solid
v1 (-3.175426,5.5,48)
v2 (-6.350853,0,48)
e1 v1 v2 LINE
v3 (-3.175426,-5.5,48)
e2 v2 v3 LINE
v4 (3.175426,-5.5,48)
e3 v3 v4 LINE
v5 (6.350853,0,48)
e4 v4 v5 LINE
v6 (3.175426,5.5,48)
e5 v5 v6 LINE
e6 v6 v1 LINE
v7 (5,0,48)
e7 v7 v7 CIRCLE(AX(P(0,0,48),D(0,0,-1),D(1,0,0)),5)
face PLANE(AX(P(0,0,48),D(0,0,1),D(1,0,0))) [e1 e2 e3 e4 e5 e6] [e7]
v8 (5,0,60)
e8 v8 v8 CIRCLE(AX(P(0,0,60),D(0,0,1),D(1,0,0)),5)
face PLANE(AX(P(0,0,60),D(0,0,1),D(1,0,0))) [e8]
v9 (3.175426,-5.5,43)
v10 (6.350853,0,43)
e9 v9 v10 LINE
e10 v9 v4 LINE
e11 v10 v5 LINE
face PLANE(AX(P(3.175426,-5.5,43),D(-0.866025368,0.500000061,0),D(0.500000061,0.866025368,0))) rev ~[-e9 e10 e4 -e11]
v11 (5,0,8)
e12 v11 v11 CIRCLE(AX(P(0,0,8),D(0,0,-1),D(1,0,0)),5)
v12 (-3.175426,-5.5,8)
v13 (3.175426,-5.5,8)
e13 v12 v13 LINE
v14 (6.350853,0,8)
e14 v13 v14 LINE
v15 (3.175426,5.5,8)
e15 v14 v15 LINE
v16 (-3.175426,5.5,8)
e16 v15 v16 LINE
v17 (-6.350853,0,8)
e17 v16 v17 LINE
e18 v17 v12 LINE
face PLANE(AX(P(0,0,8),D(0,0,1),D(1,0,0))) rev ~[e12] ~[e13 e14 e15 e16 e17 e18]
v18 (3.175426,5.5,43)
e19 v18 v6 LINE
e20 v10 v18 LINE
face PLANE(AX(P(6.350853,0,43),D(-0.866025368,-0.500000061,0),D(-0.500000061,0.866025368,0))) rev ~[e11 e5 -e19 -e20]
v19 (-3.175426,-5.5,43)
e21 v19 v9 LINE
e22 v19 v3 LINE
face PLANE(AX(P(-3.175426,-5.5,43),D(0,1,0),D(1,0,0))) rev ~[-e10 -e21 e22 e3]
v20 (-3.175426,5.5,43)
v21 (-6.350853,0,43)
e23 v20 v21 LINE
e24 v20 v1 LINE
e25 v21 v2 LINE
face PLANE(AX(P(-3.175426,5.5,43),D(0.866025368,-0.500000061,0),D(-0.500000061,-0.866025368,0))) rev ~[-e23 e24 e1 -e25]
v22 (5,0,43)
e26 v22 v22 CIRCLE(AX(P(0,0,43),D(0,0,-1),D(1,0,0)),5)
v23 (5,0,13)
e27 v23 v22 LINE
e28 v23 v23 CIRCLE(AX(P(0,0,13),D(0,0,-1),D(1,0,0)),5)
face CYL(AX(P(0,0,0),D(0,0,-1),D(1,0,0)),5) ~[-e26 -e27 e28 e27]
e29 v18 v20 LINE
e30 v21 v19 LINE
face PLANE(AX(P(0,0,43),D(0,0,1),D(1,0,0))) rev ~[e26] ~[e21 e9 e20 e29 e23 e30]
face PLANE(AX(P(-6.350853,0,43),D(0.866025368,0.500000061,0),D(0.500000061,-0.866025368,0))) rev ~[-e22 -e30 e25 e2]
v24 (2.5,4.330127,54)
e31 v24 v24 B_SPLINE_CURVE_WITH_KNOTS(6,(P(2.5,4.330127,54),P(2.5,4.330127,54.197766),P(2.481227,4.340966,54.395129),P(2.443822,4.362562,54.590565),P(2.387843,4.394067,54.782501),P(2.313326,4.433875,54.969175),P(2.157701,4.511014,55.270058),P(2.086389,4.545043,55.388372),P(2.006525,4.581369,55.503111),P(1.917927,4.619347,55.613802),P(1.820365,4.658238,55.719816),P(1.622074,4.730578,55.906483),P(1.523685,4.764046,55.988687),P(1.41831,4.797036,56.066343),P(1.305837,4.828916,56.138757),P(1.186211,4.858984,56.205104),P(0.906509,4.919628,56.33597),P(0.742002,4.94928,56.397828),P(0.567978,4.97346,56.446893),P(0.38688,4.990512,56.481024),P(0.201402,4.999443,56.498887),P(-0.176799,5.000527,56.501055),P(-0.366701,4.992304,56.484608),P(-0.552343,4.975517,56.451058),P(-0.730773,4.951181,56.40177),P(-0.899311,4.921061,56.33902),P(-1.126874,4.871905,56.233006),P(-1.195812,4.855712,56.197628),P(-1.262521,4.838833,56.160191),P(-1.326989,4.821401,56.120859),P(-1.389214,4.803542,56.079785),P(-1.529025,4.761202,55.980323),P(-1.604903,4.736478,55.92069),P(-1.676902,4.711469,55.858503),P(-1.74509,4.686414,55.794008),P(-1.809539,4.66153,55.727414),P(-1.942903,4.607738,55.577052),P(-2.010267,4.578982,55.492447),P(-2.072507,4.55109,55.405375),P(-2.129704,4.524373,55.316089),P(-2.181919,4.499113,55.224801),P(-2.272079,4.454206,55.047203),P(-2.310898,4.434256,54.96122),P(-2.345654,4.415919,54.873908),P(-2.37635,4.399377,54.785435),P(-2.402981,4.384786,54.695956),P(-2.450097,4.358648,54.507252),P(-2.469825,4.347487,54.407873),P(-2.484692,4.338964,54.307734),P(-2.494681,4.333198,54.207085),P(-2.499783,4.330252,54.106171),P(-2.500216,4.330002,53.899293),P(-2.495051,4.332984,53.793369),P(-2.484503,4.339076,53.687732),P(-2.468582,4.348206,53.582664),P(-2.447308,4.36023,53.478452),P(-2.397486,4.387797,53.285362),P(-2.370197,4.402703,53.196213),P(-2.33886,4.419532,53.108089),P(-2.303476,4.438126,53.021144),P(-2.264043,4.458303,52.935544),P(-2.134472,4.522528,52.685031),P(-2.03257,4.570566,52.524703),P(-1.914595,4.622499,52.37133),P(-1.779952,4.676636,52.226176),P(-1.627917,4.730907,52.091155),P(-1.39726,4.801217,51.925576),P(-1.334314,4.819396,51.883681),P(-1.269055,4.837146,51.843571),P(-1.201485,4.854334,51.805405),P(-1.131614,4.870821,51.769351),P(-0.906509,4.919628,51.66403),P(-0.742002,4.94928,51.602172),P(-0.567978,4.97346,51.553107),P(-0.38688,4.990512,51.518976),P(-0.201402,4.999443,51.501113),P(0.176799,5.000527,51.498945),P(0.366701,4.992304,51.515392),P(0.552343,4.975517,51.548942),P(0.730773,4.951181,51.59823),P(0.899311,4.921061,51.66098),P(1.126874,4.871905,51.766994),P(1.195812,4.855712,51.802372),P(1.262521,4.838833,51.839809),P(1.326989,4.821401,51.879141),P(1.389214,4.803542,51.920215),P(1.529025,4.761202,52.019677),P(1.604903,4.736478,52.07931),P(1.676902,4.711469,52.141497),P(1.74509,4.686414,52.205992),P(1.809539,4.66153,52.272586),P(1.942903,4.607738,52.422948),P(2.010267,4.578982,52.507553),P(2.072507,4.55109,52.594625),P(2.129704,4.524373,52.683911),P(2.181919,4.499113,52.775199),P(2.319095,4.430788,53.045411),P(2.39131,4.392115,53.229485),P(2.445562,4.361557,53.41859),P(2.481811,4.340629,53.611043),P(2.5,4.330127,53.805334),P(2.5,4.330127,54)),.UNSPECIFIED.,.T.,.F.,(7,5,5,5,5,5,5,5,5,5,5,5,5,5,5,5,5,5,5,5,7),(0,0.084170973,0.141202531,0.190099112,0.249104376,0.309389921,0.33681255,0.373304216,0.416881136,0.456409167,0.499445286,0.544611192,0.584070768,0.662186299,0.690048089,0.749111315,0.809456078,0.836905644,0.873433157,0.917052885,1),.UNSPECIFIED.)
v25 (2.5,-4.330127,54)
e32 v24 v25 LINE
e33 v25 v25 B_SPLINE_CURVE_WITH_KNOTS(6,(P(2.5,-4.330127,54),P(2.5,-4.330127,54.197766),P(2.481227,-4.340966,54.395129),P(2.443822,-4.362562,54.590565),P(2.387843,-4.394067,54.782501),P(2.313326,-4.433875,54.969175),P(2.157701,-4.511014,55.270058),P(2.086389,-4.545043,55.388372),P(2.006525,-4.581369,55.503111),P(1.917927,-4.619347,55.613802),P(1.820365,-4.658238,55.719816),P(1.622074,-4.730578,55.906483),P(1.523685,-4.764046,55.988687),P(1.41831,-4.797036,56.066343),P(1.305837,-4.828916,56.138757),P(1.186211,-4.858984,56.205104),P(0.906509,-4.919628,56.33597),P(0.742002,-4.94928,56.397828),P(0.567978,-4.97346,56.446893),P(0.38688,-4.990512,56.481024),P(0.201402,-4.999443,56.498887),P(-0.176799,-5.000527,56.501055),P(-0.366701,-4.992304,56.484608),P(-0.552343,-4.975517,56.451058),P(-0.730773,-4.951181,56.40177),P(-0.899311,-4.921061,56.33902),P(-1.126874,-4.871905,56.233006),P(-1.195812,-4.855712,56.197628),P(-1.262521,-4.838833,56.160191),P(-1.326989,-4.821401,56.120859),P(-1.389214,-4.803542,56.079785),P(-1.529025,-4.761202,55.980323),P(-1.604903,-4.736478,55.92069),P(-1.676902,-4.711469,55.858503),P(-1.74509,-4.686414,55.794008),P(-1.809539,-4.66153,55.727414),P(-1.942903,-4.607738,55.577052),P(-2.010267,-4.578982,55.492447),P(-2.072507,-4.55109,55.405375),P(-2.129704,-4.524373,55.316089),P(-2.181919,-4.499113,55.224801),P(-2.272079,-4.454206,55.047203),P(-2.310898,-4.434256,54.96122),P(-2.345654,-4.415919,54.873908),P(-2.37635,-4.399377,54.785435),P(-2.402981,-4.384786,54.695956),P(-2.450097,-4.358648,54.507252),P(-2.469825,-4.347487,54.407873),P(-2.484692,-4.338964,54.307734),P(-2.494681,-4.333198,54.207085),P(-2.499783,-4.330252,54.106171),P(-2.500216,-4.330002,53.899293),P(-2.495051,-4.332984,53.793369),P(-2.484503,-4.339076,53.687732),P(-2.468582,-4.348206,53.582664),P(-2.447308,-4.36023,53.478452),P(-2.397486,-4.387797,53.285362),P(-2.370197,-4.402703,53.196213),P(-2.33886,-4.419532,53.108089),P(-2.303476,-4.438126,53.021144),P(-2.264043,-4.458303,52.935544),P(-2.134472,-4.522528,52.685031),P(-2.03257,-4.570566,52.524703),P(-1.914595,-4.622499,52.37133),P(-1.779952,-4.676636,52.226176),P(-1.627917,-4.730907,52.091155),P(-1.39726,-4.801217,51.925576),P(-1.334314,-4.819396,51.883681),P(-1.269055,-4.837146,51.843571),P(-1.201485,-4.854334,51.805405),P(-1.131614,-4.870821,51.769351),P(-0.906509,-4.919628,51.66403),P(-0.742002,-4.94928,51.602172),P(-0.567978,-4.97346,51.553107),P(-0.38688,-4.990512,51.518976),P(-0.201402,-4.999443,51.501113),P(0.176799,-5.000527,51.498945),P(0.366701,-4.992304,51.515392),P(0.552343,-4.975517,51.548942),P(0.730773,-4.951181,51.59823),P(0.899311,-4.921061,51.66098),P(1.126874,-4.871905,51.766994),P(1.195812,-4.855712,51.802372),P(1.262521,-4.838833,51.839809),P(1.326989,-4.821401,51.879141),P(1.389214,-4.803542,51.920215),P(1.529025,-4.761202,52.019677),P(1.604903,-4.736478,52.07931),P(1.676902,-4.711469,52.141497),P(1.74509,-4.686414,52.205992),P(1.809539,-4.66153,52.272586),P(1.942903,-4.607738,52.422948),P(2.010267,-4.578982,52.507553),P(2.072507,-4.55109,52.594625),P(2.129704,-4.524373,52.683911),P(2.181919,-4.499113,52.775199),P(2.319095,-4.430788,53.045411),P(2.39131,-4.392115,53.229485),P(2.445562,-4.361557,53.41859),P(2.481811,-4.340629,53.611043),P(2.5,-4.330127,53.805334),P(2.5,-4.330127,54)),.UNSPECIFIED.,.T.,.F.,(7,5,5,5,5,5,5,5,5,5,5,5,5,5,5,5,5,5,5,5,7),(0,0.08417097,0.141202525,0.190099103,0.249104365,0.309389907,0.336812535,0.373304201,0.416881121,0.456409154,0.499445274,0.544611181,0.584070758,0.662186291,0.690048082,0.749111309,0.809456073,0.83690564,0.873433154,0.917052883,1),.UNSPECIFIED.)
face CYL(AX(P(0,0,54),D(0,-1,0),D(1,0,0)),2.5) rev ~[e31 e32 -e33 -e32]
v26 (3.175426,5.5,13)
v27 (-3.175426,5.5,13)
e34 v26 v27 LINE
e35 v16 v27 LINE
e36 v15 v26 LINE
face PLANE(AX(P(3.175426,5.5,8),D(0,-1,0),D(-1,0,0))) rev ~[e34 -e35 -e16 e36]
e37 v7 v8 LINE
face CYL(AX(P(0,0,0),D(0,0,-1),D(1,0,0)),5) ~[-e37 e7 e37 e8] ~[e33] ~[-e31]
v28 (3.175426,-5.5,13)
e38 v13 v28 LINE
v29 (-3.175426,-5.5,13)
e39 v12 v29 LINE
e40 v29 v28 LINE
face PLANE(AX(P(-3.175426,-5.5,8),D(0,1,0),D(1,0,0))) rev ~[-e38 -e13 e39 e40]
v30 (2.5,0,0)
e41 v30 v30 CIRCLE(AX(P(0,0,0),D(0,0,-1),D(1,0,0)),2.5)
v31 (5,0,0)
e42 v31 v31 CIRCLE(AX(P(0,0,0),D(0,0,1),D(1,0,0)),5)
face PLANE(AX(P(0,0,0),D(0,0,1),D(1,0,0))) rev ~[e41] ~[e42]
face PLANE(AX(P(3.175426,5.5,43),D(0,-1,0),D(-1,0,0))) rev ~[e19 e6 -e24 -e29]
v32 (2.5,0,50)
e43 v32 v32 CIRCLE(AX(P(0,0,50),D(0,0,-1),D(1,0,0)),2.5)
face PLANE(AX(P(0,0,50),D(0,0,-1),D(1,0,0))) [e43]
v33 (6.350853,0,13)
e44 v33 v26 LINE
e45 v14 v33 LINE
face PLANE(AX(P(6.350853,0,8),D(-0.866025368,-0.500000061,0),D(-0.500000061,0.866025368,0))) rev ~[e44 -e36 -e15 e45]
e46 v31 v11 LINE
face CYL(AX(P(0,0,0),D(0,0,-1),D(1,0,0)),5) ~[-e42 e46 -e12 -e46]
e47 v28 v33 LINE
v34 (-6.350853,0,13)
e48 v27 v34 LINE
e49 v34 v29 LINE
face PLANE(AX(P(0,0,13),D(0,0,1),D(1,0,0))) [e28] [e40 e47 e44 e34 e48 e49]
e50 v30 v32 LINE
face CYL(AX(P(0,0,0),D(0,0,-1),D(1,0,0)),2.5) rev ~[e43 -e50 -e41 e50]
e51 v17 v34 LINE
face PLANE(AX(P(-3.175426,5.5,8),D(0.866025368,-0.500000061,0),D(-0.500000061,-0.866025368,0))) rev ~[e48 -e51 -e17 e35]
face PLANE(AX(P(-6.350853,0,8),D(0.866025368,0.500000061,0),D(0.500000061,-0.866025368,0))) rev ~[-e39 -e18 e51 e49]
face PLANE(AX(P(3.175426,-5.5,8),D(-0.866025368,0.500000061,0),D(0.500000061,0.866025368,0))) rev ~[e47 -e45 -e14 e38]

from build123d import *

# Parameters (mm, degrees)
F0_R      = 5
F1_DEPTH  = 60
F4_DEPTH  = 5
F7_DEPTH  = 5
F8_R      = 2.5
F9_DEPTH  = 12.5
F10_R     = 2.5
F11_DEPTH = 50


with BuildPart() as f1:
    # F0 (on Top) → F1 (new body)
    with BuildSketch(Plane.XY):
        Circle(F0_R)
    extrude(amount=F1_DEPTH)

    # F3 (on offset) → F4 (join)
    with BuildSketch(Plane.XY.offset(8)):
        Polygon((3.175426, 5.5), (-3.175426, 5.5), (-6.350853, 0), (-3.175426, -5.5), (3.175426, -5.5), (6.350853, 0), align=None)
    extrude(amount=F4_DEPTH)

    # F6 (on offset) → F7 (join)
    with BuildSketch(Plane.XY.offset(43)):
        Polygon((3.175426, 5.5), (-3.175426, 5.5), (-6.350853, 0), (-3.175426, -5.5), (3.175426, -5.5), (6.350853, 0), align=None)
    extrude(amount=F7_DEPTH)

    # F8 (on Front) → F9 (cut, symmetric)
    with BuildSketch(Plane.XZ):
        with Locations((0, 54)):
            Circle(F8_R)
    extrude(amount=F9_DEPTH, both=True, mode=Mode.SUBTRACT)

    # F10 (on face) → F11 (cut)
    with BuildSketch(Plane(origin=(0, 0, 0), x_dir=(1, 0, 0), z_dir=(0, 0, -1))):
        Circle(F10_R)
    extrude(amount=-F11_DEPTH, mode=Mode.SUBTRACT)


solid = f1.part
